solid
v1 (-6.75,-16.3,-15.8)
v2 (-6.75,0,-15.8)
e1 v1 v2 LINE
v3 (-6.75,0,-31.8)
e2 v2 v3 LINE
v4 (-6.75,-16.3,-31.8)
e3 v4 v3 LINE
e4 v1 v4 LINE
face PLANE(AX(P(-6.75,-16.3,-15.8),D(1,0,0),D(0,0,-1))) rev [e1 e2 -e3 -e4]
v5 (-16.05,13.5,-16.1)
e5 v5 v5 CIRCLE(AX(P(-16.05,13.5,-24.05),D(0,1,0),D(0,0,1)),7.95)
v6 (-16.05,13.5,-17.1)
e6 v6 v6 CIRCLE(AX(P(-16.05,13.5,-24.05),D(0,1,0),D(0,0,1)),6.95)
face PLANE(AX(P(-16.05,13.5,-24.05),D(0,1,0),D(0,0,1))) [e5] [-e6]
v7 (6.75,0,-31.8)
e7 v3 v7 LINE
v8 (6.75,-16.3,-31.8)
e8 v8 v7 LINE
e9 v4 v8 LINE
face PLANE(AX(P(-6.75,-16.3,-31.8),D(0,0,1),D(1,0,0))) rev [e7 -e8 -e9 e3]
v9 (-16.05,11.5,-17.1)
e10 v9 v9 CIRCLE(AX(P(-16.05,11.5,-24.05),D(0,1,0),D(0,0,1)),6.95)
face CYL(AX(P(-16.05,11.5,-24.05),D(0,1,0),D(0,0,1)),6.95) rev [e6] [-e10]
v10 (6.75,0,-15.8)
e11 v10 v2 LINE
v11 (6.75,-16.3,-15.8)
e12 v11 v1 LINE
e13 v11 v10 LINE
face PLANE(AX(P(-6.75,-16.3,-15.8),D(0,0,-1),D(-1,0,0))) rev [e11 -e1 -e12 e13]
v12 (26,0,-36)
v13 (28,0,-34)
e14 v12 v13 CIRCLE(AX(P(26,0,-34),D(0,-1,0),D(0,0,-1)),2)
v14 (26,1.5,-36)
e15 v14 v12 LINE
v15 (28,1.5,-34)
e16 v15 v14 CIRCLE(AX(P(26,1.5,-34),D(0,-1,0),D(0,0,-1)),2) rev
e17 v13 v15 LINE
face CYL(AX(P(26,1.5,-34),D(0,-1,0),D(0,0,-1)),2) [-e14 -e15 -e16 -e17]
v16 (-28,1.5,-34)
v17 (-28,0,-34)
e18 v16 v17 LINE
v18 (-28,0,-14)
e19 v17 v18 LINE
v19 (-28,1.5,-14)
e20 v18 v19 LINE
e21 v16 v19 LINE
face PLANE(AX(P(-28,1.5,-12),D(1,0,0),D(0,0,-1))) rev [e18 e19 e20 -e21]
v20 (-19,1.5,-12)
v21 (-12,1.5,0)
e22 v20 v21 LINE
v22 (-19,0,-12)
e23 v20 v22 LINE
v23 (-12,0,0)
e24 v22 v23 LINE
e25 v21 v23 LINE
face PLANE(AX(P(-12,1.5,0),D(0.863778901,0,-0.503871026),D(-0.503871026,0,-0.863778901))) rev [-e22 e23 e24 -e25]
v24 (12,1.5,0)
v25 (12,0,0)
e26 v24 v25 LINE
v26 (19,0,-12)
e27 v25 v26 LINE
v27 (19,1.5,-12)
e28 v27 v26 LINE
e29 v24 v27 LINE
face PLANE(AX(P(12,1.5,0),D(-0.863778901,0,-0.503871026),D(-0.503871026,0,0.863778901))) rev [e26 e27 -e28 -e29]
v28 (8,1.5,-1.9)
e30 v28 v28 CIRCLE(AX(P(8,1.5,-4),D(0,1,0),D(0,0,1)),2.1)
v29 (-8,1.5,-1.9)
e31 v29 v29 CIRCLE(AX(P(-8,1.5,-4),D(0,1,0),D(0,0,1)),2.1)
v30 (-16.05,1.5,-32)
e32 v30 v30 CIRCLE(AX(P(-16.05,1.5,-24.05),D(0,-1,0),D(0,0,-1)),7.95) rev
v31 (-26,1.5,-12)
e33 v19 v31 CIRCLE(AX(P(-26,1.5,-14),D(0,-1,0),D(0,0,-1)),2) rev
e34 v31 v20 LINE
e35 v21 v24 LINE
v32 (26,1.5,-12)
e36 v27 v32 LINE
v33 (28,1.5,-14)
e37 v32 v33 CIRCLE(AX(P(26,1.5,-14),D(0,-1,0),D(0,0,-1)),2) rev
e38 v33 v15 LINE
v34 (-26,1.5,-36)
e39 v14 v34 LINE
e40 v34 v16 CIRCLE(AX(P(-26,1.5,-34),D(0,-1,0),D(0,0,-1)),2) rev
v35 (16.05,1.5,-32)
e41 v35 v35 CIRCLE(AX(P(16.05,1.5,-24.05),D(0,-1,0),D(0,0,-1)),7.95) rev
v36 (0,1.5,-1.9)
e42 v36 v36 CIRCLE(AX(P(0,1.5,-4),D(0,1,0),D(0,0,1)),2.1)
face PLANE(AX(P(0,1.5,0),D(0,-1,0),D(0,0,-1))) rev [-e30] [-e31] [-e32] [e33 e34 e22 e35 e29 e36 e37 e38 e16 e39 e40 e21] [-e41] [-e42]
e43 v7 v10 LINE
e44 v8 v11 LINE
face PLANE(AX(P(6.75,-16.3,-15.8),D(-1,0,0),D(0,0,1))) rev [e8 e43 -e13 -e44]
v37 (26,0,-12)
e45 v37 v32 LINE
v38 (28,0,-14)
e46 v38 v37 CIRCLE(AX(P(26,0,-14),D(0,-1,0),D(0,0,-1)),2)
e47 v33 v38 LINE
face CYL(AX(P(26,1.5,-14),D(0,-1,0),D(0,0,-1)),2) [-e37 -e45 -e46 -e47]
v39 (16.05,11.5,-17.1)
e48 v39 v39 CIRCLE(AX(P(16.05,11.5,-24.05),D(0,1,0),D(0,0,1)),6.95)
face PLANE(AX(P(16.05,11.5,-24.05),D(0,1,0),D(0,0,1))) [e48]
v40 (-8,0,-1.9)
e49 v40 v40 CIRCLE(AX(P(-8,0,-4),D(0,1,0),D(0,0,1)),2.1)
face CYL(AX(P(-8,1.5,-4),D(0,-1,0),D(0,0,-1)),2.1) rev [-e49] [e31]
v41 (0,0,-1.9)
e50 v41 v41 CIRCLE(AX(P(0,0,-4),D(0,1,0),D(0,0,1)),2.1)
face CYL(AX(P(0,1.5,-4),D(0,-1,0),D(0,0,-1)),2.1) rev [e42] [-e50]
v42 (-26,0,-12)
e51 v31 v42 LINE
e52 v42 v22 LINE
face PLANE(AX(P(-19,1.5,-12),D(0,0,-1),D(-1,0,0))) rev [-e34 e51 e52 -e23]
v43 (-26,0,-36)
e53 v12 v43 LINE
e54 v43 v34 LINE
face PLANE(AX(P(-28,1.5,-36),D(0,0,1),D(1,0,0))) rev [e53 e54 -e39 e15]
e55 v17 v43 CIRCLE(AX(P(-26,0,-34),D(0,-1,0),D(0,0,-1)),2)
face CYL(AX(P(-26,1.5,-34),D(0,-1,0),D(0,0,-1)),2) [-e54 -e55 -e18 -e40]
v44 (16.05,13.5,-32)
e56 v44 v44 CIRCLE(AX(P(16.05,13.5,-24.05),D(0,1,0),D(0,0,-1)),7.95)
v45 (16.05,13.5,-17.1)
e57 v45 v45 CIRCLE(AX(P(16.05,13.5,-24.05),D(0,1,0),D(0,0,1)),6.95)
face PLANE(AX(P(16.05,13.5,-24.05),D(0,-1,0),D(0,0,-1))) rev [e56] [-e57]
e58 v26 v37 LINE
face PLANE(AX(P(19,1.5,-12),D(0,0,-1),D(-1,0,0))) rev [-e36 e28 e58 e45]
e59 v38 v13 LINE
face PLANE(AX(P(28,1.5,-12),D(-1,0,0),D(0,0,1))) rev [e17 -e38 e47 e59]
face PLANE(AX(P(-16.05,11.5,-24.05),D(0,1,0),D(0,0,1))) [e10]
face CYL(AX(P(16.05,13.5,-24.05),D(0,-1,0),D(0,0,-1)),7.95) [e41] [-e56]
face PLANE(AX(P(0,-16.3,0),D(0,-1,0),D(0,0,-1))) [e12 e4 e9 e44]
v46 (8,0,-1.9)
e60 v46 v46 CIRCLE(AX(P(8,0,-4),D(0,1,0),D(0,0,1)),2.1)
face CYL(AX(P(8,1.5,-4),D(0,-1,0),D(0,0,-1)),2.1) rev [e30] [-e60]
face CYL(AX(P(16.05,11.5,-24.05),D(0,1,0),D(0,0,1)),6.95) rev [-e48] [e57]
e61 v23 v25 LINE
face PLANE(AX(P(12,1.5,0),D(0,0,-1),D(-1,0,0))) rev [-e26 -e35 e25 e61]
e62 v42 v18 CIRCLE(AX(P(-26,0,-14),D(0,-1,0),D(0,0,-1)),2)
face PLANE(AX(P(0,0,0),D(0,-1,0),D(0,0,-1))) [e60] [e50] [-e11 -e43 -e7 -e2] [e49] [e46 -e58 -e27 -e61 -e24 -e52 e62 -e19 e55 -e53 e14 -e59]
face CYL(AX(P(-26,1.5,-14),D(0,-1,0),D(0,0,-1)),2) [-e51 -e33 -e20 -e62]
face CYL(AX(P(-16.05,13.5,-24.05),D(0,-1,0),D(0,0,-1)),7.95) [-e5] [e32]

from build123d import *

# Parameters (mm, degrees)
SKETCH1_R           = 2.1
BOSS_EXTRUDE1_DEPTH = 1.5
FILLET1_R           = 2
SKETCH2_R           = 7.95
BOSS_EXTRUDE2_DEPTH = 12
SKETCH3_W           = 13.5
SKETCH3_H           = 16
BOSS_EXTRUDE3_DEPTH = 16.3
SKETCH4_R           = 6.95
CUT_EXTRUDE1_DEPTH  = 2


with BuildPart() as part:
    # Sketch1 → Boss-Extrude1 (new body)
    with BuildSketch(Plane(origin=(0, 0, 0), x_dir=(1, 0, 0), z_dir=(0, 1, 0))):
        Polygon((12, 0), (-12, 0), (-19, 12), (-28, 12), (-28, 36), (28, 36), (28, 12), (19, 12), align=None)
        with Locations((0, 4)):
            Circle(SKETCH1_R, mode=Mode.SUBTRACT)
        with Locations((-8, 4)):
            Circle(SKETCH1_R, mode=Mode.SUBTRACT)
        with Locations((8, 4)):
            Circle(SKETCH1_R, mode=Mode.SUBTRACT)
    extrude(amount=BOSS_EXTRUDE1_DEPTH)

    # Fillet1
    fillet1_edges = [part.edges().sort_by_distance(p)[0] for p in [
        (-28, 0.75, -12),
        (-28, 0.75, -36),
        (28, 0.75, -36),
        (28, 0.75, -12),
    ]]
    fillet(fillet1_edges, radius=FILLET1_R)

    # Sketch2 → Boss-Extrude2 (add)
    with BuildSketch(Plane(origin=(0, 1.5, 0), x_dir=(1, 0, 0), z_dir=(0, 1, 0))):
        with Locations((-16.05, 24.05)):
            Circle(SKETCH2_R)
        with Locations((16.05, 24.05)):
            Circle(SKETCH2_R)
    extrude(amount=BOSS_EXTRUDE2_DEPTH)

    # Sketch3 → Boss-Extrude3 (add)
    with BuildSketch(Plane.XZ):
        with Locations((0, -23.8)):
            Rectangle(SKETCH3_W, SKETCH3_H)
    extrude(amount=BOSS_EXTRUDE3_DEPTH)

    # Sketch4 → Cut-Extrude1 (cut)
    with BuildSketch(Plane(origin=(0, 13.5, 0), x_dir=(1, 0, 0), z_dir=(0, 1, 0))):
        with Locations((-16.05, 24.05)):
            Circle(SKETCH4_R)
        with Locations((16.05, 24.05)):
            Circle(SKETCH4_R)
    extrude(amount=-CUT_EXTRUDE1_DEPTH, mode=Mode.SUBTRACT)


solid = part.part
